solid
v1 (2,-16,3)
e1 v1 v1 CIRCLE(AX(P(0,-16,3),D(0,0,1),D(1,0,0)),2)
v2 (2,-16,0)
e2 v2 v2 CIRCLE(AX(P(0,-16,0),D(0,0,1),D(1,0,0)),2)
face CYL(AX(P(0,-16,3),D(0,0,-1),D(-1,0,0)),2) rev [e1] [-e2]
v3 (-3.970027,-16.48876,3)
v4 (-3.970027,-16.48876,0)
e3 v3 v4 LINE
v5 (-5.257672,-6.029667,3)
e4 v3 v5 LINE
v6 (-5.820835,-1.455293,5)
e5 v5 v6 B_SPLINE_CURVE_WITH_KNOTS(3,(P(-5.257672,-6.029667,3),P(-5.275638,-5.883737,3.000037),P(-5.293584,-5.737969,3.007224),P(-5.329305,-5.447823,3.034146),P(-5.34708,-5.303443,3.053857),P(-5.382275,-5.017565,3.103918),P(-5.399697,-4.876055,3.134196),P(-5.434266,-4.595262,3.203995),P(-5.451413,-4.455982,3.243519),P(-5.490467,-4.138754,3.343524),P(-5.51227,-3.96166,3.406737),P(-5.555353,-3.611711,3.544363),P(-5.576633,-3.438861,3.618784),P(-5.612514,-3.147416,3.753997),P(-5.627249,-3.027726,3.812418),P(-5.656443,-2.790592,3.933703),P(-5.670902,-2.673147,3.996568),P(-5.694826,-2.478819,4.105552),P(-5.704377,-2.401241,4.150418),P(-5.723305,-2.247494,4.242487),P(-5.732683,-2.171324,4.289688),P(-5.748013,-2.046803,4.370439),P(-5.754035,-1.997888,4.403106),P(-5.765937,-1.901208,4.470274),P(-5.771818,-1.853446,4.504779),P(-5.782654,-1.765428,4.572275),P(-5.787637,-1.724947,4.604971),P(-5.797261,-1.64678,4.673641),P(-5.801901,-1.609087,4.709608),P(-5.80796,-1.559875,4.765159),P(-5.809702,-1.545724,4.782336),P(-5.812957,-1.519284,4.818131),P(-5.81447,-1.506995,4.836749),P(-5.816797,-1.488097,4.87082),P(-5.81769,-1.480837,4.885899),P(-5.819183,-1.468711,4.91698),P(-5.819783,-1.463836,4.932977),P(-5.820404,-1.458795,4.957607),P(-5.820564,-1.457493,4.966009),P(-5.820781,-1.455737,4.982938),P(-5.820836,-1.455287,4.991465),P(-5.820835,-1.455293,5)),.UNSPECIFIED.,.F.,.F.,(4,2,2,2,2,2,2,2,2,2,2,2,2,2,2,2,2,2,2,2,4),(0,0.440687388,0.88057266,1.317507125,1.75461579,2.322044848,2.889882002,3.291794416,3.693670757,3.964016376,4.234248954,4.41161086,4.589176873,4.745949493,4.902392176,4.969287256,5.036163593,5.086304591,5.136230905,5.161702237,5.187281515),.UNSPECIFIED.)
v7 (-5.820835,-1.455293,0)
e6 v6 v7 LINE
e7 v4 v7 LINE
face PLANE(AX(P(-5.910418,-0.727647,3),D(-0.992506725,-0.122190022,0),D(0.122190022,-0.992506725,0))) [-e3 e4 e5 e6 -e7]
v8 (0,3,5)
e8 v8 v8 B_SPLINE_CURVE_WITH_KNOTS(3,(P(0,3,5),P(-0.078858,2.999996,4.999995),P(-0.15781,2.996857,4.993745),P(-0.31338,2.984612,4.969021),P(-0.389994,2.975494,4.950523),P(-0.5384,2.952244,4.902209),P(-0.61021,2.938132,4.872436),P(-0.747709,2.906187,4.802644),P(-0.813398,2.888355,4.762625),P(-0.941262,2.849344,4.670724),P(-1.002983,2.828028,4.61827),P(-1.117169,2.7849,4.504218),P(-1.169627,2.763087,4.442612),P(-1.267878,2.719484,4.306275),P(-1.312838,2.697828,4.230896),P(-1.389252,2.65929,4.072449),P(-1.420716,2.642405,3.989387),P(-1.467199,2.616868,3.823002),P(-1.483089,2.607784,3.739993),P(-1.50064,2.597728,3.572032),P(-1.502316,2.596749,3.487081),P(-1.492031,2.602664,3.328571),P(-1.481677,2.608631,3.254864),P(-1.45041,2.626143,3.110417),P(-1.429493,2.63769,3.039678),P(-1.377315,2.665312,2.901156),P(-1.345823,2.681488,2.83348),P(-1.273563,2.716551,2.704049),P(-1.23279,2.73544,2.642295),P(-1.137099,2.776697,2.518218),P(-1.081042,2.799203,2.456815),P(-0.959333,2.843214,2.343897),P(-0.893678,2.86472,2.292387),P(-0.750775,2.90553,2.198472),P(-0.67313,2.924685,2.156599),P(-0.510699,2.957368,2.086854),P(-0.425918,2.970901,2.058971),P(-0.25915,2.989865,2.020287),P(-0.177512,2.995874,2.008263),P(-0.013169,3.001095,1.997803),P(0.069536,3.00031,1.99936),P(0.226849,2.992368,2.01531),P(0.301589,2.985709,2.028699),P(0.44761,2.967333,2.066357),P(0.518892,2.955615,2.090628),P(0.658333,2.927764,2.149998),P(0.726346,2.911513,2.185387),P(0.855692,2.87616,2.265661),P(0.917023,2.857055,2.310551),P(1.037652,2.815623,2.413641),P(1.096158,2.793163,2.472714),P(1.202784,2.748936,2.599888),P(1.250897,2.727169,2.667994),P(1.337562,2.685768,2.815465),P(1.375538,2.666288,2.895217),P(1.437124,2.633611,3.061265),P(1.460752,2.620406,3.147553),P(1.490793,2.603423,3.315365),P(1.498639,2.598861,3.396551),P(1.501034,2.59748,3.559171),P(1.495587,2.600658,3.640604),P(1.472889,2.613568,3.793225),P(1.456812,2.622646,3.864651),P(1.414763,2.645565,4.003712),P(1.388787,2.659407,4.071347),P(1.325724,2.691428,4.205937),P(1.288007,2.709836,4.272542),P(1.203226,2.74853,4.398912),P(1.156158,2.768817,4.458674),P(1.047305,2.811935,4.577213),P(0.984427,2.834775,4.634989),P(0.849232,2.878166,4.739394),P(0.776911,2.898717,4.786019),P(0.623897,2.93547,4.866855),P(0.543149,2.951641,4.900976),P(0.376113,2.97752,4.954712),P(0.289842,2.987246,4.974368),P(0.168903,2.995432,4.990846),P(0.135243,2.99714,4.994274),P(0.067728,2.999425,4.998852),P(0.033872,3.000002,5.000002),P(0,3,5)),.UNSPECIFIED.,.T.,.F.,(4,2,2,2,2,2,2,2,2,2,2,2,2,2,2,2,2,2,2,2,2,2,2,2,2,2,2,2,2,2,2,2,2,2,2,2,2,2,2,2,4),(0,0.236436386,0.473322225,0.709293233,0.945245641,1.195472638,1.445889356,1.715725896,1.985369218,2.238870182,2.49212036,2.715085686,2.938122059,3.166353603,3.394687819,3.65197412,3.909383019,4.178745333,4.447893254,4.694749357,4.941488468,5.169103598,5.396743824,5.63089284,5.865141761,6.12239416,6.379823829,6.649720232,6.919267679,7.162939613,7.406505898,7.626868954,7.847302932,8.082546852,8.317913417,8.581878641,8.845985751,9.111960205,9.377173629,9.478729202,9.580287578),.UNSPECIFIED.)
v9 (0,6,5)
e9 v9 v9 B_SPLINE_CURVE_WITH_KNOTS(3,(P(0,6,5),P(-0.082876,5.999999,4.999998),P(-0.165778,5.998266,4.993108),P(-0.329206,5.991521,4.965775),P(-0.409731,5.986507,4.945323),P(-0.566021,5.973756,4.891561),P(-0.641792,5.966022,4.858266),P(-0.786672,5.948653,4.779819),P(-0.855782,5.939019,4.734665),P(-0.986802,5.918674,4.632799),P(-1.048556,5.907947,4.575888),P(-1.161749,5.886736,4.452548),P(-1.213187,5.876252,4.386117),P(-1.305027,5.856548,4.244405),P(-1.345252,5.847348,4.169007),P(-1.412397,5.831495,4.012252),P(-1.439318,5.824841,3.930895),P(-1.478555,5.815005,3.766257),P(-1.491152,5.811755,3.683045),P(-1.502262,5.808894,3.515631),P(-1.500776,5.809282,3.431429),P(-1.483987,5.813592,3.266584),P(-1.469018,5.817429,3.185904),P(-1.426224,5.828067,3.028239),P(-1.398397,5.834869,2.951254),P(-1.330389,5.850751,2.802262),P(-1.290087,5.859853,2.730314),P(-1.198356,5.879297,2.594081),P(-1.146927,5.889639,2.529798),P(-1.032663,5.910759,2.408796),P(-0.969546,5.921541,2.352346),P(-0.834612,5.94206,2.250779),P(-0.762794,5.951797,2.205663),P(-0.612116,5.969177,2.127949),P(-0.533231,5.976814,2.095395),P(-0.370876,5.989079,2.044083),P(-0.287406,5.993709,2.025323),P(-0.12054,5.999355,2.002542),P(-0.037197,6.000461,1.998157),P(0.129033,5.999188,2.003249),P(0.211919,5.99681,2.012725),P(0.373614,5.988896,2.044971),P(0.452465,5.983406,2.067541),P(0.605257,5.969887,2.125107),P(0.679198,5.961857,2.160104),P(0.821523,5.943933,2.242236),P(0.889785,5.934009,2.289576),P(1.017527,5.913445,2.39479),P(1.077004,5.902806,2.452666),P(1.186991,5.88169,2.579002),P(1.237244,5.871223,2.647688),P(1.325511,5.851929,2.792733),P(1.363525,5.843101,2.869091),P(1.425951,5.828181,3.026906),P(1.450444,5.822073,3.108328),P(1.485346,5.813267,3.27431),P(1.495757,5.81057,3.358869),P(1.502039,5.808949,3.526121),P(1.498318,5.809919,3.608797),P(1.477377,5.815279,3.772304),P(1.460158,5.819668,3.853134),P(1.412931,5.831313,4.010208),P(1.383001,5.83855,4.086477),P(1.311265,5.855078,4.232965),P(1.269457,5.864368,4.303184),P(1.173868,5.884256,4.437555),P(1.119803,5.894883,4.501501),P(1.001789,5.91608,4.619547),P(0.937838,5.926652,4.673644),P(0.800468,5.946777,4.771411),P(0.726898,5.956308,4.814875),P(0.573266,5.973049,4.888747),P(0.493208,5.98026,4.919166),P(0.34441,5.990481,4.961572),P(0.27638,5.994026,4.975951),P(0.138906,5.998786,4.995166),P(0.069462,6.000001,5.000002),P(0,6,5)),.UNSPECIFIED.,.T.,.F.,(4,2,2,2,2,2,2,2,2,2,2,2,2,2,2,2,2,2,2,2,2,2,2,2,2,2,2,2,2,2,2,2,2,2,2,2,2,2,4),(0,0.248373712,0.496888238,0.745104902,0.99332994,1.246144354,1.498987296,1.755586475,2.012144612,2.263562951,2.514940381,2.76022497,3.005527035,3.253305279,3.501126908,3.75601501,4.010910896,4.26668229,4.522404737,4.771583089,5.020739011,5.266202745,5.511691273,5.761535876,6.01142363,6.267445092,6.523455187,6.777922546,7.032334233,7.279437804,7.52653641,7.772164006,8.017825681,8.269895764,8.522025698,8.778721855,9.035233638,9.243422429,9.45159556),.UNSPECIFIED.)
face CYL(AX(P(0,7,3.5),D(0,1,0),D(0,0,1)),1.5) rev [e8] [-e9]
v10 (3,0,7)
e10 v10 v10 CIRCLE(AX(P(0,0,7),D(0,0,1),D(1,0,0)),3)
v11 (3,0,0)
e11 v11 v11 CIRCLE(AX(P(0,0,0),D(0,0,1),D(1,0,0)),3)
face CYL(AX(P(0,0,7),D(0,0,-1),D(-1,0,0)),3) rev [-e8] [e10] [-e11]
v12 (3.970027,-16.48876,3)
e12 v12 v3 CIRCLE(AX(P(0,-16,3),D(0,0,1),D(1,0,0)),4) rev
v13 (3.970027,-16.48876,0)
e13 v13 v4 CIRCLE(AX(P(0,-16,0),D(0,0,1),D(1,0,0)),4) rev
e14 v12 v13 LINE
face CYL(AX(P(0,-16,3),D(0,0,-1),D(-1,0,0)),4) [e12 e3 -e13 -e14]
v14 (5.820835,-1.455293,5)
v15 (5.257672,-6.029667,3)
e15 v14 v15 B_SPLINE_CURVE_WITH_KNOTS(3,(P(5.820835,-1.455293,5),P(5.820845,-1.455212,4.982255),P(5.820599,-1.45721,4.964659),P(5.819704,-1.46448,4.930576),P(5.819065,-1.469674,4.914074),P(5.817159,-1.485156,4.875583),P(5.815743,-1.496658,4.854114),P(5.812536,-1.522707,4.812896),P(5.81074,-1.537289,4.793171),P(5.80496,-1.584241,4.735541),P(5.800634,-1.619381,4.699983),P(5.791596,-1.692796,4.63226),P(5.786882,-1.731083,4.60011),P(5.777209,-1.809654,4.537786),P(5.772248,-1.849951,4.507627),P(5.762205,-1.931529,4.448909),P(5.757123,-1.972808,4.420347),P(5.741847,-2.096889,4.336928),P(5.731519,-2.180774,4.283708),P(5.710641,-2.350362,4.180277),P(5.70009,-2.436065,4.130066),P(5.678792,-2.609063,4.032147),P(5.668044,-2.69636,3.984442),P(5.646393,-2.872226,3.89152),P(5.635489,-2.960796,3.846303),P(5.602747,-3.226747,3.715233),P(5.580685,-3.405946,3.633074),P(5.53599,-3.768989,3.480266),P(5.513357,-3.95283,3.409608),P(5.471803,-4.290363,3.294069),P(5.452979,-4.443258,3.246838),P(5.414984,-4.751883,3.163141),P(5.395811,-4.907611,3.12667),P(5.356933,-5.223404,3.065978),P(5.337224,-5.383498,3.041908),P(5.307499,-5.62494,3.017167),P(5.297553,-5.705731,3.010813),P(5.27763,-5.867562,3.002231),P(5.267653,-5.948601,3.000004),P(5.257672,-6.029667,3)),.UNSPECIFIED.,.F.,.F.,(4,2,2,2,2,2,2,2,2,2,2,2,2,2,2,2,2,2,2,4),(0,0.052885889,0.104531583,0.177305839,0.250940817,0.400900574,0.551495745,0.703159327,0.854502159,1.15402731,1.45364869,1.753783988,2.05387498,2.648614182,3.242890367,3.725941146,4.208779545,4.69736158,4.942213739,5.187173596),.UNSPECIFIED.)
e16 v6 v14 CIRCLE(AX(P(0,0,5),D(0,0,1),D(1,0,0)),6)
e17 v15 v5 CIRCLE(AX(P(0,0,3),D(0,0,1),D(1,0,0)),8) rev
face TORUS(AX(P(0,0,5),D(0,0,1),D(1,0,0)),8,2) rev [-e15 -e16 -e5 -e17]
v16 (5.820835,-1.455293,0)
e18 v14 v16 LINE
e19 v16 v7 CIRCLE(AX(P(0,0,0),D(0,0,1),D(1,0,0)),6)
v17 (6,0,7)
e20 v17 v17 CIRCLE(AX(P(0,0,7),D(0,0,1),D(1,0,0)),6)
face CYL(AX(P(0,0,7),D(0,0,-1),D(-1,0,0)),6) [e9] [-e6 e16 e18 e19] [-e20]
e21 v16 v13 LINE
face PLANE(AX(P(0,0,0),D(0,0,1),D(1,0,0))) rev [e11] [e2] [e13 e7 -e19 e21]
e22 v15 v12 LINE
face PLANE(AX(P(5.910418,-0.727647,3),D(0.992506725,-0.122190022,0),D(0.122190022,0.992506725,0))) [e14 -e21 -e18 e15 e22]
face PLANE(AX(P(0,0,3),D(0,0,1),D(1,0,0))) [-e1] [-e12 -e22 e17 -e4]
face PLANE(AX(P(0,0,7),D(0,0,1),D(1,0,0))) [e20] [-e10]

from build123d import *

# Parameters (mm, degrees)
SKETCH1_R             = 6
BOSS_EXTRUDE2_DEPTH   = 7
SKETCH1_4_R           = 2
BOSS_EXTRUDE3_DEPTH   = 3
SKETCH1_5_R           = 3
CUT_EXTRUDE1_DEPTH    = 8
FILLET5_R             = 2
M3_TAPPED_HOLE2_D     = 3
M3_TAPPED_HOLE2_DEPTH = 8.5
M3_TAPPED_HOLE2_TIP   = 0.901290929


with BuildPart() as part:
    # Sketch1 → Boss-Extrude2 (new body)
    with BuildSketch(Plane.XY):
        Circle(SKETCH1_R)
    extrude(amount=BOSS_EXTRUDE2_DEPTH)

    # Sketch1<4> → Boss-Extrude3 (add)
    with BuildSketch(Plane.XY):
        with BuildLine():
            Line((3.970026899, -16.488760087), (5.820835183, -1.45529302))
            ThreePointArc((5.820835183, -1.45529302), (0, -6), (-5.820835183, -1.45529302))
            Line((-5.820835183, -1.45529302), (-3.970026899, -16.488760087))
            ThreePointArc((-3.970026899, -16.488760087), (0, -20), (3.970026899, -16.488760087))
        make_face()
        with Locations((0, -16)):
            Circle(SKETCH1_4_R, mode=Mode.SUBTRACT)
    extrude(amount=BOSS_EXTRUDE3_DEPTH)

    # Sketch1<5> → Cut-Extrude1 (cut, through all)
    with BuildSketch(Plane.XY):
        Circle(SKETCH1_5_R)
    extrude(amount=CUT_EXTRUDE1_DEPTH, mode=Mode.SUBTRACT)

    # Fillet5
    fillet5_edges = [part.edges().sort_by_distance(p)[0] for p in [
        (0, -6, 3),
    ]]
    fillet(fillet5_edges, radius=FILLET5_R)

    # M3 Tapped Hole2
    with Locations(Plane(origin=(0, 7, 0), x_dir=(1, 0, 0), z_dir=(0, 1, 0))):
        with Locations((0, -3.5)):
            Hole(M3_TAPPED_HOLE2_D / 2, depth=M3_TAPPED_HOLE2_DEPTH)
            with Locations((0, 0, -(M3_TAPPED_HOLE2_DEPTH + M3_TAPPED_HOLE2_TIP / 2))):  # 118° drill point
                Cone(0, M3_TAPPED_HOLE2_D / 2, M3_TAPPED_HOLE2_TIP, mode=Mode.SUBTRACT)


solid = part.part
